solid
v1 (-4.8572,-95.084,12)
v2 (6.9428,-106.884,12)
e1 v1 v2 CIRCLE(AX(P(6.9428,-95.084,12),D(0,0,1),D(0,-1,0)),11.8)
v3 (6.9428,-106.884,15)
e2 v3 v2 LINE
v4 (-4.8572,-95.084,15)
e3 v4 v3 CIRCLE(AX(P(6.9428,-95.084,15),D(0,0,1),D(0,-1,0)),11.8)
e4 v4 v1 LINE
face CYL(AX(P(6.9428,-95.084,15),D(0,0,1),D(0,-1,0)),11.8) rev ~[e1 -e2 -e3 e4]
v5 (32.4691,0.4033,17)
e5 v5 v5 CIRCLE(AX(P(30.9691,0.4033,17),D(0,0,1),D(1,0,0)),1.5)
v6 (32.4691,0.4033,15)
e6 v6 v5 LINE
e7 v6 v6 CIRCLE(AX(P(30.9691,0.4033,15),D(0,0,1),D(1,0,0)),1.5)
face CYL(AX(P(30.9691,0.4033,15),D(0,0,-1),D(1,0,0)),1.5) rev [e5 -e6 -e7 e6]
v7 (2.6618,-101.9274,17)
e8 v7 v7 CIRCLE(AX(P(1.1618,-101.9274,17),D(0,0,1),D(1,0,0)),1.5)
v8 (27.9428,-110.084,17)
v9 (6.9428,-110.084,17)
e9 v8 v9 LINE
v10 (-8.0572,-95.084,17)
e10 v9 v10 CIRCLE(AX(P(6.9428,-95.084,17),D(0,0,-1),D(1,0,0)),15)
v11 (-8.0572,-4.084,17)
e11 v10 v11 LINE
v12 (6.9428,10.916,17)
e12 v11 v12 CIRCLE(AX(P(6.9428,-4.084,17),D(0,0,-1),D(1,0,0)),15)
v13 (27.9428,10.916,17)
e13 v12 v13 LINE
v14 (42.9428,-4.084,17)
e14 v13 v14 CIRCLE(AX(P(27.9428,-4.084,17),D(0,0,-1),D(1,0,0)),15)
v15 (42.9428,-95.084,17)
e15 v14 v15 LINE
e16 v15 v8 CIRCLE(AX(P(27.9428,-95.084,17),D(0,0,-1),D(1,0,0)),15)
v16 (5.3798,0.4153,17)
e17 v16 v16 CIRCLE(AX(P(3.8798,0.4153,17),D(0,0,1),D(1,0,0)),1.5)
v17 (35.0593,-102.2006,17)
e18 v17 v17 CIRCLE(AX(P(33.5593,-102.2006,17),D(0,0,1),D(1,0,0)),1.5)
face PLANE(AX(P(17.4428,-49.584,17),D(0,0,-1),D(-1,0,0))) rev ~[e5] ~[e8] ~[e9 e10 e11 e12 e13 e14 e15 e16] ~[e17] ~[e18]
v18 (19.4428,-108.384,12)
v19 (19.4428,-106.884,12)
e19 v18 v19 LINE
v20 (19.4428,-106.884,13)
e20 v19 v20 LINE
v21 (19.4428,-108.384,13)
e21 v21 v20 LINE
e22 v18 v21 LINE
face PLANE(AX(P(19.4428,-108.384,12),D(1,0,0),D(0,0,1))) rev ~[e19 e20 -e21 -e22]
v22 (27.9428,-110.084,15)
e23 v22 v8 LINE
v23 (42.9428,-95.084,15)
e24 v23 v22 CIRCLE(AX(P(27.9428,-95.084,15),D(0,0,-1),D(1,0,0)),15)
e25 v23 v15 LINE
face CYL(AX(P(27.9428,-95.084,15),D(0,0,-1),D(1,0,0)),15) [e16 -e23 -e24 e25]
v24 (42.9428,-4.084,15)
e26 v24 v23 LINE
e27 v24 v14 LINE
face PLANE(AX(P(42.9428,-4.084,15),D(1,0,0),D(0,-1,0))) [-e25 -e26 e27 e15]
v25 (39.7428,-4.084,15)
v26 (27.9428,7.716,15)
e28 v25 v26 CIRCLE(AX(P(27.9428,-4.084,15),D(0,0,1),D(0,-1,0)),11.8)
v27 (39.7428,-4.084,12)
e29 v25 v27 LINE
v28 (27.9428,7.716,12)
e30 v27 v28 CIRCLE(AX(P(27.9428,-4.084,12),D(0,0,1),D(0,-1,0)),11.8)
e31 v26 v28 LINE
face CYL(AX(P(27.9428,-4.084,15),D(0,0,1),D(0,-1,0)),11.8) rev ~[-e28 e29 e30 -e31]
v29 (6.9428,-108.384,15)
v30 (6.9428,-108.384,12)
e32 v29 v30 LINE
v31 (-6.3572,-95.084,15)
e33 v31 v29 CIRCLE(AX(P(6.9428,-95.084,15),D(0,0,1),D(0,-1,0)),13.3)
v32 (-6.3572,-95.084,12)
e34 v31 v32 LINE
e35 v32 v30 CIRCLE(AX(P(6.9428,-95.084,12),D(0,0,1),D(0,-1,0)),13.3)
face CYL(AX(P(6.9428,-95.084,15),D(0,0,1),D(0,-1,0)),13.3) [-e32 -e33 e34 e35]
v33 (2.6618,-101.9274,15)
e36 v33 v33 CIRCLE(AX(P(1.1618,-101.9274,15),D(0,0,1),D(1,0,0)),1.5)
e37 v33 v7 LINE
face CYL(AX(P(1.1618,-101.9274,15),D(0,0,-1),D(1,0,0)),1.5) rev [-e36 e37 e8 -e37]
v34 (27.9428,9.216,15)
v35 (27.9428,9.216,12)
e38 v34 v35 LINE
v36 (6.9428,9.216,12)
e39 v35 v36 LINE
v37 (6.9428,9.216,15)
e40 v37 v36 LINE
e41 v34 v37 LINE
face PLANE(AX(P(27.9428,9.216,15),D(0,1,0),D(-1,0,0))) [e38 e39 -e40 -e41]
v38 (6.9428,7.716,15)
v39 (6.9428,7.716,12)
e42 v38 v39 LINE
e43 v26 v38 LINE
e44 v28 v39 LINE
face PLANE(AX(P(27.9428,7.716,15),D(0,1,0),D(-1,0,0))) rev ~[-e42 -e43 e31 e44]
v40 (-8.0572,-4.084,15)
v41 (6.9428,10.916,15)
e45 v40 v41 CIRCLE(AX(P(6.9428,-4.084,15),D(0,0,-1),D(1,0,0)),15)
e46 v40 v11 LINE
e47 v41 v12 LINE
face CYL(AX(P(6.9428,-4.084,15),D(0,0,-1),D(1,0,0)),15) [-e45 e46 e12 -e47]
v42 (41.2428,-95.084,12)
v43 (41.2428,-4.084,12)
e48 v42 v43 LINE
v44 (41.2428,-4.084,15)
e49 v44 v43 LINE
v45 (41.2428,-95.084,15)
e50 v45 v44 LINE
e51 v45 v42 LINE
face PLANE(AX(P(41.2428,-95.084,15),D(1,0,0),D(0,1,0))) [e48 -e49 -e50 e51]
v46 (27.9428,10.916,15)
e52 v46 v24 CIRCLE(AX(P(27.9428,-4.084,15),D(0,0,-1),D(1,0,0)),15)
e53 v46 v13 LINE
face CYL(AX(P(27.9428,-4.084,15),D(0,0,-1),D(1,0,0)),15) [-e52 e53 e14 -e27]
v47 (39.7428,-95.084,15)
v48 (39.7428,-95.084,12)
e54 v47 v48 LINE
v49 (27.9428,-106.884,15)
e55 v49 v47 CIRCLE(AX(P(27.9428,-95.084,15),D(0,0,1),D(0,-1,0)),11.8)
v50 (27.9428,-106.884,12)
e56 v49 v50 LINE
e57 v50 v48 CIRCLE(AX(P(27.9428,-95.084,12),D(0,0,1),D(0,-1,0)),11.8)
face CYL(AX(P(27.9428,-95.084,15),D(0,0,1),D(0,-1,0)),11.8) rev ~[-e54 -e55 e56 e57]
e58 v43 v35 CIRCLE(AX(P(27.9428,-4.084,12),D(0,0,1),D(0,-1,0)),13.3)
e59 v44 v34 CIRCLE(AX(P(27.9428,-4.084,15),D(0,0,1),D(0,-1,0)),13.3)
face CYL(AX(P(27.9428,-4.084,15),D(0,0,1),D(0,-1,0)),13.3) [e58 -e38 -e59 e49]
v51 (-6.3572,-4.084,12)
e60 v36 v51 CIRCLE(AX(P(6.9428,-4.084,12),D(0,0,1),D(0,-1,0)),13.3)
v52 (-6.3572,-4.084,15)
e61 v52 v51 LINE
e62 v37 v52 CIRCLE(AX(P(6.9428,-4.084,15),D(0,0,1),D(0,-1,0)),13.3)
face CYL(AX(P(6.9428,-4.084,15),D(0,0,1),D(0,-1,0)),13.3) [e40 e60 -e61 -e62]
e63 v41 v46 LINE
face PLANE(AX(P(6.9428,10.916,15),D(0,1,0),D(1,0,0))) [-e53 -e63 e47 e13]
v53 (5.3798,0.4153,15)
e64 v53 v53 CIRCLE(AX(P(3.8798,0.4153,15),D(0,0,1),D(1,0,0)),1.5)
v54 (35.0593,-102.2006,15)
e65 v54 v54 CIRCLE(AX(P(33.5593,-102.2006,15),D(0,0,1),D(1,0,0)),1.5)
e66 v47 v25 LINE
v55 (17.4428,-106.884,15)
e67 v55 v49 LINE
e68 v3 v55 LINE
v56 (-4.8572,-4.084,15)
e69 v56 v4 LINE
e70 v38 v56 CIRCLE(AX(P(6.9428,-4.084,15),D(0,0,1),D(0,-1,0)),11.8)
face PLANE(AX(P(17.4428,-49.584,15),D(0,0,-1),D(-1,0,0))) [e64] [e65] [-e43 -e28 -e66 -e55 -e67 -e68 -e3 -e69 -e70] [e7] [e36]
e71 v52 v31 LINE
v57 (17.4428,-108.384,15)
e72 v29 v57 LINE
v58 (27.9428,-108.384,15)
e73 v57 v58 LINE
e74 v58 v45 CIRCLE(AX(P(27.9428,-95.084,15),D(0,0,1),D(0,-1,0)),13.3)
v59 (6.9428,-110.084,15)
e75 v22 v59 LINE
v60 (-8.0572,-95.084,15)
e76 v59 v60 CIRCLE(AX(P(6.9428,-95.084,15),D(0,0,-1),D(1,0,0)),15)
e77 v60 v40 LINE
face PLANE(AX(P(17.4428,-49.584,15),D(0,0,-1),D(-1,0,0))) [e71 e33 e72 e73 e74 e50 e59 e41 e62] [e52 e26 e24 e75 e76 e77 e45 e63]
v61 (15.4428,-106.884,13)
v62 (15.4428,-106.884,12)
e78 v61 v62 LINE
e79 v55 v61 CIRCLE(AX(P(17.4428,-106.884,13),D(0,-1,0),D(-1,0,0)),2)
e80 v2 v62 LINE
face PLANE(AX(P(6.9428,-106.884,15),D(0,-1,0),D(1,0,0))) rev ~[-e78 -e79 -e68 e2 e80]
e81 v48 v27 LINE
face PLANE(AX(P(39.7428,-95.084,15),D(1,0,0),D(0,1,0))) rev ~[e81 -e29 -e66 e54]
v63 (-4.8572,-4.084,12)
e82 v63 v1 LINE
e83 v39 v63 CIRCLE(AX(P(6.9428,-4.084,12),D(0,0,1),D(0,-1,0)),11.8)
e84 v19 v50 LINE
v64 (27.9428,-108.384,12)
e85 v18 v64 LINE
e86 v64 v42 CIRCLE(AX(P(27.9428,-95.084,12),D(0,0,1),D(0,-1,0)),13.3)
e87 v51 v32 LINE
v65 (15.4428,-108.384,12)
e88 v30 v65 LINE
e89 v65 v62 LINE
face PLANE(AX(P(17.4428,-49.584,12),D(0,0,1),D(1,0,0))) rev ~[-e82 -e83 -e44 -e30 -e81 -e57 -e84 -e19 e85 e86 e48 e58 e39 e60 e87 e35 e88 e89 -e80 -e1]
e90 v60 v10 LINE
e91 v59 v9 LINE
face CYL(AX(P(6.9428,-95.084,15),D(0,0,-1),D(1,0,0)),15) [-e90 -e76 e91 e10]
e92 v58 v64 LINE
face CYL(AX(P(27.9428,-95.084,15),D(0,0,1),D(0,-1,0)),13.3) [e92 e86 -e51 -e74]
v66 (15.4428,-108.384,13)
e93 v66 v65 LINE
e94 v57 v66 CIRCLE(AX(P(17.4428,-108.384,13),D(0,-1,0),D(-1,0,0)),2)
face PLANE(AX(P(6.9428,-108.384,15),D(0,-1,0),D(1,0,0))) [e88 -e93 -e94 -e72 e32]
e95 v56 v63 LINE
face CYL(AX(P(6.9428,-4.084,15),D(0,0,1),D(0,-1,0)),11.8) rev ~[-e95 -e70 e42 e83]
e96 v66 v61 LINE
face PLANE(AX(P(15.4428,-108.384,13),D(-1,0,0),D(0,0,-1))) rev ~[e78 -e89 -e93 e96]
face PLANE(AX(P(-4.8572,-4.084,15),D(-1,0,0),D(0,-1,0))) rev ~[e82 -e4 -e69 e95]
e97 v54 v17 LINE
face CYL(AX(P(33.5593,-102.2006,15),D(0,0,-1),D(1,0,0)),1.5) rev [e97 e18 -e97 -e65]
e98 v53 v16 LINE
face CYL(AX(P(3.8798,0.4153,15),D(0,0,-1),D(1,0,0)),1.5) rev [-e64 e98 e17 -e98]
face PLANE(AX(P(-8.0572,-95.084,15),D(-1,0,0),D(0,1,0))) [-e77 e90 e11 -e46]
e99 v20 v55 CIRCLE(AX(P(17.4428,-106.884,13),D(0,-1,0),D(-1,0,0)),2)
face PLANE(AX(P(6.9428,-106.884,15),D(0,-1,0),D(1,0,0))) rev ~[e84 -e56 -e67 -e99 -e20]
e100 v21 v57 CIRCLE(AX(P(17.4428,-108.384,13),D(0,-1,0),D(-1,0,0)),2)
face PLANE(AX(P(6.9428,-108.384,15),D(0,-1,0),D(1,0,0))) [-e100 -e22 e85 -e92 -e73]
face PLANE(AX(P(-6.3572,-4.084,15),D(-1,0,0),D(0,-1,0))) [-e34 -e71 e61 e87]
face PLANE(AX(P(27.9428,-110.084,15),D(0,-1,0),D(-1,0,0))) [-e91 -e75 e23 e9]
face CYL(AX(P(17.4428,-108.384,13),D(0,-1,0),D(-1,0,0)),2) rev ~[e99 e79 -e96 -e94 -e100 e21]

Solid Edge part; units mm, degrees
sketch "Sketch1" plane through (0, 0, 15) normal (0, 0, 1) x (1, 0, 0)
  circle A0 centre (3.8798, 0.4153) radius 1.5
  circle A1 centre (33.5593, -102.2006) radius 1.5
  arc A2 (27.9428, 10.916) -> (42.9428, -4.084) centre (27.9428, -4.084) cw
  line L0 (42.9428, -4.084) -> (42.9428, -95.084)
  arc A3 (42.9428, -95.084) -> (27.9428, -110.084) centre (27.9428, -95.084) cw
  line L1 (27.9428, -110.084) -> (6.9428, -110.084)
  arc A4 (6.9428, -110.084) -> (-8.0572, -95.084) centre (6.9428, -95.084) cw
  line L2 (-8.0572, -95.084) -> (-8.0572, -4.084)
  arc A5 (-8.0572, -4.084) -> (6.9428, 10.916) centre (6.9428, -4.084) cw
  line L3 (6.9428, 10.916) -> (27.9428, 10.916)
  circle A6 centre (30.9691, 0.4033) radius 1.5
  circle A7 centre (1.1618, -101.9274) radius 1.5
extrude "Protrusion1" add sketch "Sketch1" along normal blind 2
sketch "Sketch2" plane through (17.4428, -49.584, 15) normal (0, 0, -1) x (0, -1, 0)
  arc A0 (-58.8, 10.5) -> (-45.5, 23.8) centre (-45.5, 10.5) cw
  line L0 (-45.5, 23.8) -> (45.5, 23.8)
  arc A1 (45.5, 23.8) -> (58.8, 10.5) centre (45.5, 10.5) cw
  line L1 (58.8, 10.5) -> (58.8, -10.5)
  arc A2 (58.8, -10.5) -> (45.5, -23.8) centre (45.5, -10.5) cw
  line L2 (45.5, -23.8) -> (-45.5, -23.8)
  arc A3 (-45.5, -23.8) -> (-58.8, -10.5) centre (-45.5, -10.5) cw
  line L3 (-58.8, -10.5) -> (-58.8, 10.5)
  arc A4 (-45.5, -22.3) -> (-57.3, -10.5) centre (-45.5, -10.5) cw
  line L4 (-57.3, -10.5) -> (-57.3, 10.5)
  arc A5 (-57.3, 10.5) -> (-45.5, 22.3) centre (-45.5, 10.5) cw
  line L5 (-45.5, 22.3) -> (45.5, 22.3)
  arc A6 (45.5, 22.3) -> (57.3, 10.5) centre (45.5, 10.5) cw
  line L6 (57.3, 10.5) -> (57.3, -10.5)
  arc A7 (57.3, -10.5) -> (45.5, -22.3) centre (45.5, -10.5) cw
  line L7 (45.5, -22.3) -> (-45.5, -22.3)
  dimension "D1" = 1.5
extrude "ExtrudedProtrusion_2" add sketch "Sketch2" along normal blind 3
sketch "Sketch3" plane through (17.4428, -108.384, 13.5) normal (0, -1, 0) x (-1, 0, 0)
  line L0 (-2, 1.5) -> (-2, 0.5)
  arc A0 (-2, 0.5) -> (2, 0.5) centre (0, 0.5) ccw
  line L1 (2, 0.5) -> (2, 1.5)
  line L2 (2, 1.5) -> (-2, 1.5)
extrude "ExtrudedCutout_1" cut sketch "Sketch3" against normal blind 2
